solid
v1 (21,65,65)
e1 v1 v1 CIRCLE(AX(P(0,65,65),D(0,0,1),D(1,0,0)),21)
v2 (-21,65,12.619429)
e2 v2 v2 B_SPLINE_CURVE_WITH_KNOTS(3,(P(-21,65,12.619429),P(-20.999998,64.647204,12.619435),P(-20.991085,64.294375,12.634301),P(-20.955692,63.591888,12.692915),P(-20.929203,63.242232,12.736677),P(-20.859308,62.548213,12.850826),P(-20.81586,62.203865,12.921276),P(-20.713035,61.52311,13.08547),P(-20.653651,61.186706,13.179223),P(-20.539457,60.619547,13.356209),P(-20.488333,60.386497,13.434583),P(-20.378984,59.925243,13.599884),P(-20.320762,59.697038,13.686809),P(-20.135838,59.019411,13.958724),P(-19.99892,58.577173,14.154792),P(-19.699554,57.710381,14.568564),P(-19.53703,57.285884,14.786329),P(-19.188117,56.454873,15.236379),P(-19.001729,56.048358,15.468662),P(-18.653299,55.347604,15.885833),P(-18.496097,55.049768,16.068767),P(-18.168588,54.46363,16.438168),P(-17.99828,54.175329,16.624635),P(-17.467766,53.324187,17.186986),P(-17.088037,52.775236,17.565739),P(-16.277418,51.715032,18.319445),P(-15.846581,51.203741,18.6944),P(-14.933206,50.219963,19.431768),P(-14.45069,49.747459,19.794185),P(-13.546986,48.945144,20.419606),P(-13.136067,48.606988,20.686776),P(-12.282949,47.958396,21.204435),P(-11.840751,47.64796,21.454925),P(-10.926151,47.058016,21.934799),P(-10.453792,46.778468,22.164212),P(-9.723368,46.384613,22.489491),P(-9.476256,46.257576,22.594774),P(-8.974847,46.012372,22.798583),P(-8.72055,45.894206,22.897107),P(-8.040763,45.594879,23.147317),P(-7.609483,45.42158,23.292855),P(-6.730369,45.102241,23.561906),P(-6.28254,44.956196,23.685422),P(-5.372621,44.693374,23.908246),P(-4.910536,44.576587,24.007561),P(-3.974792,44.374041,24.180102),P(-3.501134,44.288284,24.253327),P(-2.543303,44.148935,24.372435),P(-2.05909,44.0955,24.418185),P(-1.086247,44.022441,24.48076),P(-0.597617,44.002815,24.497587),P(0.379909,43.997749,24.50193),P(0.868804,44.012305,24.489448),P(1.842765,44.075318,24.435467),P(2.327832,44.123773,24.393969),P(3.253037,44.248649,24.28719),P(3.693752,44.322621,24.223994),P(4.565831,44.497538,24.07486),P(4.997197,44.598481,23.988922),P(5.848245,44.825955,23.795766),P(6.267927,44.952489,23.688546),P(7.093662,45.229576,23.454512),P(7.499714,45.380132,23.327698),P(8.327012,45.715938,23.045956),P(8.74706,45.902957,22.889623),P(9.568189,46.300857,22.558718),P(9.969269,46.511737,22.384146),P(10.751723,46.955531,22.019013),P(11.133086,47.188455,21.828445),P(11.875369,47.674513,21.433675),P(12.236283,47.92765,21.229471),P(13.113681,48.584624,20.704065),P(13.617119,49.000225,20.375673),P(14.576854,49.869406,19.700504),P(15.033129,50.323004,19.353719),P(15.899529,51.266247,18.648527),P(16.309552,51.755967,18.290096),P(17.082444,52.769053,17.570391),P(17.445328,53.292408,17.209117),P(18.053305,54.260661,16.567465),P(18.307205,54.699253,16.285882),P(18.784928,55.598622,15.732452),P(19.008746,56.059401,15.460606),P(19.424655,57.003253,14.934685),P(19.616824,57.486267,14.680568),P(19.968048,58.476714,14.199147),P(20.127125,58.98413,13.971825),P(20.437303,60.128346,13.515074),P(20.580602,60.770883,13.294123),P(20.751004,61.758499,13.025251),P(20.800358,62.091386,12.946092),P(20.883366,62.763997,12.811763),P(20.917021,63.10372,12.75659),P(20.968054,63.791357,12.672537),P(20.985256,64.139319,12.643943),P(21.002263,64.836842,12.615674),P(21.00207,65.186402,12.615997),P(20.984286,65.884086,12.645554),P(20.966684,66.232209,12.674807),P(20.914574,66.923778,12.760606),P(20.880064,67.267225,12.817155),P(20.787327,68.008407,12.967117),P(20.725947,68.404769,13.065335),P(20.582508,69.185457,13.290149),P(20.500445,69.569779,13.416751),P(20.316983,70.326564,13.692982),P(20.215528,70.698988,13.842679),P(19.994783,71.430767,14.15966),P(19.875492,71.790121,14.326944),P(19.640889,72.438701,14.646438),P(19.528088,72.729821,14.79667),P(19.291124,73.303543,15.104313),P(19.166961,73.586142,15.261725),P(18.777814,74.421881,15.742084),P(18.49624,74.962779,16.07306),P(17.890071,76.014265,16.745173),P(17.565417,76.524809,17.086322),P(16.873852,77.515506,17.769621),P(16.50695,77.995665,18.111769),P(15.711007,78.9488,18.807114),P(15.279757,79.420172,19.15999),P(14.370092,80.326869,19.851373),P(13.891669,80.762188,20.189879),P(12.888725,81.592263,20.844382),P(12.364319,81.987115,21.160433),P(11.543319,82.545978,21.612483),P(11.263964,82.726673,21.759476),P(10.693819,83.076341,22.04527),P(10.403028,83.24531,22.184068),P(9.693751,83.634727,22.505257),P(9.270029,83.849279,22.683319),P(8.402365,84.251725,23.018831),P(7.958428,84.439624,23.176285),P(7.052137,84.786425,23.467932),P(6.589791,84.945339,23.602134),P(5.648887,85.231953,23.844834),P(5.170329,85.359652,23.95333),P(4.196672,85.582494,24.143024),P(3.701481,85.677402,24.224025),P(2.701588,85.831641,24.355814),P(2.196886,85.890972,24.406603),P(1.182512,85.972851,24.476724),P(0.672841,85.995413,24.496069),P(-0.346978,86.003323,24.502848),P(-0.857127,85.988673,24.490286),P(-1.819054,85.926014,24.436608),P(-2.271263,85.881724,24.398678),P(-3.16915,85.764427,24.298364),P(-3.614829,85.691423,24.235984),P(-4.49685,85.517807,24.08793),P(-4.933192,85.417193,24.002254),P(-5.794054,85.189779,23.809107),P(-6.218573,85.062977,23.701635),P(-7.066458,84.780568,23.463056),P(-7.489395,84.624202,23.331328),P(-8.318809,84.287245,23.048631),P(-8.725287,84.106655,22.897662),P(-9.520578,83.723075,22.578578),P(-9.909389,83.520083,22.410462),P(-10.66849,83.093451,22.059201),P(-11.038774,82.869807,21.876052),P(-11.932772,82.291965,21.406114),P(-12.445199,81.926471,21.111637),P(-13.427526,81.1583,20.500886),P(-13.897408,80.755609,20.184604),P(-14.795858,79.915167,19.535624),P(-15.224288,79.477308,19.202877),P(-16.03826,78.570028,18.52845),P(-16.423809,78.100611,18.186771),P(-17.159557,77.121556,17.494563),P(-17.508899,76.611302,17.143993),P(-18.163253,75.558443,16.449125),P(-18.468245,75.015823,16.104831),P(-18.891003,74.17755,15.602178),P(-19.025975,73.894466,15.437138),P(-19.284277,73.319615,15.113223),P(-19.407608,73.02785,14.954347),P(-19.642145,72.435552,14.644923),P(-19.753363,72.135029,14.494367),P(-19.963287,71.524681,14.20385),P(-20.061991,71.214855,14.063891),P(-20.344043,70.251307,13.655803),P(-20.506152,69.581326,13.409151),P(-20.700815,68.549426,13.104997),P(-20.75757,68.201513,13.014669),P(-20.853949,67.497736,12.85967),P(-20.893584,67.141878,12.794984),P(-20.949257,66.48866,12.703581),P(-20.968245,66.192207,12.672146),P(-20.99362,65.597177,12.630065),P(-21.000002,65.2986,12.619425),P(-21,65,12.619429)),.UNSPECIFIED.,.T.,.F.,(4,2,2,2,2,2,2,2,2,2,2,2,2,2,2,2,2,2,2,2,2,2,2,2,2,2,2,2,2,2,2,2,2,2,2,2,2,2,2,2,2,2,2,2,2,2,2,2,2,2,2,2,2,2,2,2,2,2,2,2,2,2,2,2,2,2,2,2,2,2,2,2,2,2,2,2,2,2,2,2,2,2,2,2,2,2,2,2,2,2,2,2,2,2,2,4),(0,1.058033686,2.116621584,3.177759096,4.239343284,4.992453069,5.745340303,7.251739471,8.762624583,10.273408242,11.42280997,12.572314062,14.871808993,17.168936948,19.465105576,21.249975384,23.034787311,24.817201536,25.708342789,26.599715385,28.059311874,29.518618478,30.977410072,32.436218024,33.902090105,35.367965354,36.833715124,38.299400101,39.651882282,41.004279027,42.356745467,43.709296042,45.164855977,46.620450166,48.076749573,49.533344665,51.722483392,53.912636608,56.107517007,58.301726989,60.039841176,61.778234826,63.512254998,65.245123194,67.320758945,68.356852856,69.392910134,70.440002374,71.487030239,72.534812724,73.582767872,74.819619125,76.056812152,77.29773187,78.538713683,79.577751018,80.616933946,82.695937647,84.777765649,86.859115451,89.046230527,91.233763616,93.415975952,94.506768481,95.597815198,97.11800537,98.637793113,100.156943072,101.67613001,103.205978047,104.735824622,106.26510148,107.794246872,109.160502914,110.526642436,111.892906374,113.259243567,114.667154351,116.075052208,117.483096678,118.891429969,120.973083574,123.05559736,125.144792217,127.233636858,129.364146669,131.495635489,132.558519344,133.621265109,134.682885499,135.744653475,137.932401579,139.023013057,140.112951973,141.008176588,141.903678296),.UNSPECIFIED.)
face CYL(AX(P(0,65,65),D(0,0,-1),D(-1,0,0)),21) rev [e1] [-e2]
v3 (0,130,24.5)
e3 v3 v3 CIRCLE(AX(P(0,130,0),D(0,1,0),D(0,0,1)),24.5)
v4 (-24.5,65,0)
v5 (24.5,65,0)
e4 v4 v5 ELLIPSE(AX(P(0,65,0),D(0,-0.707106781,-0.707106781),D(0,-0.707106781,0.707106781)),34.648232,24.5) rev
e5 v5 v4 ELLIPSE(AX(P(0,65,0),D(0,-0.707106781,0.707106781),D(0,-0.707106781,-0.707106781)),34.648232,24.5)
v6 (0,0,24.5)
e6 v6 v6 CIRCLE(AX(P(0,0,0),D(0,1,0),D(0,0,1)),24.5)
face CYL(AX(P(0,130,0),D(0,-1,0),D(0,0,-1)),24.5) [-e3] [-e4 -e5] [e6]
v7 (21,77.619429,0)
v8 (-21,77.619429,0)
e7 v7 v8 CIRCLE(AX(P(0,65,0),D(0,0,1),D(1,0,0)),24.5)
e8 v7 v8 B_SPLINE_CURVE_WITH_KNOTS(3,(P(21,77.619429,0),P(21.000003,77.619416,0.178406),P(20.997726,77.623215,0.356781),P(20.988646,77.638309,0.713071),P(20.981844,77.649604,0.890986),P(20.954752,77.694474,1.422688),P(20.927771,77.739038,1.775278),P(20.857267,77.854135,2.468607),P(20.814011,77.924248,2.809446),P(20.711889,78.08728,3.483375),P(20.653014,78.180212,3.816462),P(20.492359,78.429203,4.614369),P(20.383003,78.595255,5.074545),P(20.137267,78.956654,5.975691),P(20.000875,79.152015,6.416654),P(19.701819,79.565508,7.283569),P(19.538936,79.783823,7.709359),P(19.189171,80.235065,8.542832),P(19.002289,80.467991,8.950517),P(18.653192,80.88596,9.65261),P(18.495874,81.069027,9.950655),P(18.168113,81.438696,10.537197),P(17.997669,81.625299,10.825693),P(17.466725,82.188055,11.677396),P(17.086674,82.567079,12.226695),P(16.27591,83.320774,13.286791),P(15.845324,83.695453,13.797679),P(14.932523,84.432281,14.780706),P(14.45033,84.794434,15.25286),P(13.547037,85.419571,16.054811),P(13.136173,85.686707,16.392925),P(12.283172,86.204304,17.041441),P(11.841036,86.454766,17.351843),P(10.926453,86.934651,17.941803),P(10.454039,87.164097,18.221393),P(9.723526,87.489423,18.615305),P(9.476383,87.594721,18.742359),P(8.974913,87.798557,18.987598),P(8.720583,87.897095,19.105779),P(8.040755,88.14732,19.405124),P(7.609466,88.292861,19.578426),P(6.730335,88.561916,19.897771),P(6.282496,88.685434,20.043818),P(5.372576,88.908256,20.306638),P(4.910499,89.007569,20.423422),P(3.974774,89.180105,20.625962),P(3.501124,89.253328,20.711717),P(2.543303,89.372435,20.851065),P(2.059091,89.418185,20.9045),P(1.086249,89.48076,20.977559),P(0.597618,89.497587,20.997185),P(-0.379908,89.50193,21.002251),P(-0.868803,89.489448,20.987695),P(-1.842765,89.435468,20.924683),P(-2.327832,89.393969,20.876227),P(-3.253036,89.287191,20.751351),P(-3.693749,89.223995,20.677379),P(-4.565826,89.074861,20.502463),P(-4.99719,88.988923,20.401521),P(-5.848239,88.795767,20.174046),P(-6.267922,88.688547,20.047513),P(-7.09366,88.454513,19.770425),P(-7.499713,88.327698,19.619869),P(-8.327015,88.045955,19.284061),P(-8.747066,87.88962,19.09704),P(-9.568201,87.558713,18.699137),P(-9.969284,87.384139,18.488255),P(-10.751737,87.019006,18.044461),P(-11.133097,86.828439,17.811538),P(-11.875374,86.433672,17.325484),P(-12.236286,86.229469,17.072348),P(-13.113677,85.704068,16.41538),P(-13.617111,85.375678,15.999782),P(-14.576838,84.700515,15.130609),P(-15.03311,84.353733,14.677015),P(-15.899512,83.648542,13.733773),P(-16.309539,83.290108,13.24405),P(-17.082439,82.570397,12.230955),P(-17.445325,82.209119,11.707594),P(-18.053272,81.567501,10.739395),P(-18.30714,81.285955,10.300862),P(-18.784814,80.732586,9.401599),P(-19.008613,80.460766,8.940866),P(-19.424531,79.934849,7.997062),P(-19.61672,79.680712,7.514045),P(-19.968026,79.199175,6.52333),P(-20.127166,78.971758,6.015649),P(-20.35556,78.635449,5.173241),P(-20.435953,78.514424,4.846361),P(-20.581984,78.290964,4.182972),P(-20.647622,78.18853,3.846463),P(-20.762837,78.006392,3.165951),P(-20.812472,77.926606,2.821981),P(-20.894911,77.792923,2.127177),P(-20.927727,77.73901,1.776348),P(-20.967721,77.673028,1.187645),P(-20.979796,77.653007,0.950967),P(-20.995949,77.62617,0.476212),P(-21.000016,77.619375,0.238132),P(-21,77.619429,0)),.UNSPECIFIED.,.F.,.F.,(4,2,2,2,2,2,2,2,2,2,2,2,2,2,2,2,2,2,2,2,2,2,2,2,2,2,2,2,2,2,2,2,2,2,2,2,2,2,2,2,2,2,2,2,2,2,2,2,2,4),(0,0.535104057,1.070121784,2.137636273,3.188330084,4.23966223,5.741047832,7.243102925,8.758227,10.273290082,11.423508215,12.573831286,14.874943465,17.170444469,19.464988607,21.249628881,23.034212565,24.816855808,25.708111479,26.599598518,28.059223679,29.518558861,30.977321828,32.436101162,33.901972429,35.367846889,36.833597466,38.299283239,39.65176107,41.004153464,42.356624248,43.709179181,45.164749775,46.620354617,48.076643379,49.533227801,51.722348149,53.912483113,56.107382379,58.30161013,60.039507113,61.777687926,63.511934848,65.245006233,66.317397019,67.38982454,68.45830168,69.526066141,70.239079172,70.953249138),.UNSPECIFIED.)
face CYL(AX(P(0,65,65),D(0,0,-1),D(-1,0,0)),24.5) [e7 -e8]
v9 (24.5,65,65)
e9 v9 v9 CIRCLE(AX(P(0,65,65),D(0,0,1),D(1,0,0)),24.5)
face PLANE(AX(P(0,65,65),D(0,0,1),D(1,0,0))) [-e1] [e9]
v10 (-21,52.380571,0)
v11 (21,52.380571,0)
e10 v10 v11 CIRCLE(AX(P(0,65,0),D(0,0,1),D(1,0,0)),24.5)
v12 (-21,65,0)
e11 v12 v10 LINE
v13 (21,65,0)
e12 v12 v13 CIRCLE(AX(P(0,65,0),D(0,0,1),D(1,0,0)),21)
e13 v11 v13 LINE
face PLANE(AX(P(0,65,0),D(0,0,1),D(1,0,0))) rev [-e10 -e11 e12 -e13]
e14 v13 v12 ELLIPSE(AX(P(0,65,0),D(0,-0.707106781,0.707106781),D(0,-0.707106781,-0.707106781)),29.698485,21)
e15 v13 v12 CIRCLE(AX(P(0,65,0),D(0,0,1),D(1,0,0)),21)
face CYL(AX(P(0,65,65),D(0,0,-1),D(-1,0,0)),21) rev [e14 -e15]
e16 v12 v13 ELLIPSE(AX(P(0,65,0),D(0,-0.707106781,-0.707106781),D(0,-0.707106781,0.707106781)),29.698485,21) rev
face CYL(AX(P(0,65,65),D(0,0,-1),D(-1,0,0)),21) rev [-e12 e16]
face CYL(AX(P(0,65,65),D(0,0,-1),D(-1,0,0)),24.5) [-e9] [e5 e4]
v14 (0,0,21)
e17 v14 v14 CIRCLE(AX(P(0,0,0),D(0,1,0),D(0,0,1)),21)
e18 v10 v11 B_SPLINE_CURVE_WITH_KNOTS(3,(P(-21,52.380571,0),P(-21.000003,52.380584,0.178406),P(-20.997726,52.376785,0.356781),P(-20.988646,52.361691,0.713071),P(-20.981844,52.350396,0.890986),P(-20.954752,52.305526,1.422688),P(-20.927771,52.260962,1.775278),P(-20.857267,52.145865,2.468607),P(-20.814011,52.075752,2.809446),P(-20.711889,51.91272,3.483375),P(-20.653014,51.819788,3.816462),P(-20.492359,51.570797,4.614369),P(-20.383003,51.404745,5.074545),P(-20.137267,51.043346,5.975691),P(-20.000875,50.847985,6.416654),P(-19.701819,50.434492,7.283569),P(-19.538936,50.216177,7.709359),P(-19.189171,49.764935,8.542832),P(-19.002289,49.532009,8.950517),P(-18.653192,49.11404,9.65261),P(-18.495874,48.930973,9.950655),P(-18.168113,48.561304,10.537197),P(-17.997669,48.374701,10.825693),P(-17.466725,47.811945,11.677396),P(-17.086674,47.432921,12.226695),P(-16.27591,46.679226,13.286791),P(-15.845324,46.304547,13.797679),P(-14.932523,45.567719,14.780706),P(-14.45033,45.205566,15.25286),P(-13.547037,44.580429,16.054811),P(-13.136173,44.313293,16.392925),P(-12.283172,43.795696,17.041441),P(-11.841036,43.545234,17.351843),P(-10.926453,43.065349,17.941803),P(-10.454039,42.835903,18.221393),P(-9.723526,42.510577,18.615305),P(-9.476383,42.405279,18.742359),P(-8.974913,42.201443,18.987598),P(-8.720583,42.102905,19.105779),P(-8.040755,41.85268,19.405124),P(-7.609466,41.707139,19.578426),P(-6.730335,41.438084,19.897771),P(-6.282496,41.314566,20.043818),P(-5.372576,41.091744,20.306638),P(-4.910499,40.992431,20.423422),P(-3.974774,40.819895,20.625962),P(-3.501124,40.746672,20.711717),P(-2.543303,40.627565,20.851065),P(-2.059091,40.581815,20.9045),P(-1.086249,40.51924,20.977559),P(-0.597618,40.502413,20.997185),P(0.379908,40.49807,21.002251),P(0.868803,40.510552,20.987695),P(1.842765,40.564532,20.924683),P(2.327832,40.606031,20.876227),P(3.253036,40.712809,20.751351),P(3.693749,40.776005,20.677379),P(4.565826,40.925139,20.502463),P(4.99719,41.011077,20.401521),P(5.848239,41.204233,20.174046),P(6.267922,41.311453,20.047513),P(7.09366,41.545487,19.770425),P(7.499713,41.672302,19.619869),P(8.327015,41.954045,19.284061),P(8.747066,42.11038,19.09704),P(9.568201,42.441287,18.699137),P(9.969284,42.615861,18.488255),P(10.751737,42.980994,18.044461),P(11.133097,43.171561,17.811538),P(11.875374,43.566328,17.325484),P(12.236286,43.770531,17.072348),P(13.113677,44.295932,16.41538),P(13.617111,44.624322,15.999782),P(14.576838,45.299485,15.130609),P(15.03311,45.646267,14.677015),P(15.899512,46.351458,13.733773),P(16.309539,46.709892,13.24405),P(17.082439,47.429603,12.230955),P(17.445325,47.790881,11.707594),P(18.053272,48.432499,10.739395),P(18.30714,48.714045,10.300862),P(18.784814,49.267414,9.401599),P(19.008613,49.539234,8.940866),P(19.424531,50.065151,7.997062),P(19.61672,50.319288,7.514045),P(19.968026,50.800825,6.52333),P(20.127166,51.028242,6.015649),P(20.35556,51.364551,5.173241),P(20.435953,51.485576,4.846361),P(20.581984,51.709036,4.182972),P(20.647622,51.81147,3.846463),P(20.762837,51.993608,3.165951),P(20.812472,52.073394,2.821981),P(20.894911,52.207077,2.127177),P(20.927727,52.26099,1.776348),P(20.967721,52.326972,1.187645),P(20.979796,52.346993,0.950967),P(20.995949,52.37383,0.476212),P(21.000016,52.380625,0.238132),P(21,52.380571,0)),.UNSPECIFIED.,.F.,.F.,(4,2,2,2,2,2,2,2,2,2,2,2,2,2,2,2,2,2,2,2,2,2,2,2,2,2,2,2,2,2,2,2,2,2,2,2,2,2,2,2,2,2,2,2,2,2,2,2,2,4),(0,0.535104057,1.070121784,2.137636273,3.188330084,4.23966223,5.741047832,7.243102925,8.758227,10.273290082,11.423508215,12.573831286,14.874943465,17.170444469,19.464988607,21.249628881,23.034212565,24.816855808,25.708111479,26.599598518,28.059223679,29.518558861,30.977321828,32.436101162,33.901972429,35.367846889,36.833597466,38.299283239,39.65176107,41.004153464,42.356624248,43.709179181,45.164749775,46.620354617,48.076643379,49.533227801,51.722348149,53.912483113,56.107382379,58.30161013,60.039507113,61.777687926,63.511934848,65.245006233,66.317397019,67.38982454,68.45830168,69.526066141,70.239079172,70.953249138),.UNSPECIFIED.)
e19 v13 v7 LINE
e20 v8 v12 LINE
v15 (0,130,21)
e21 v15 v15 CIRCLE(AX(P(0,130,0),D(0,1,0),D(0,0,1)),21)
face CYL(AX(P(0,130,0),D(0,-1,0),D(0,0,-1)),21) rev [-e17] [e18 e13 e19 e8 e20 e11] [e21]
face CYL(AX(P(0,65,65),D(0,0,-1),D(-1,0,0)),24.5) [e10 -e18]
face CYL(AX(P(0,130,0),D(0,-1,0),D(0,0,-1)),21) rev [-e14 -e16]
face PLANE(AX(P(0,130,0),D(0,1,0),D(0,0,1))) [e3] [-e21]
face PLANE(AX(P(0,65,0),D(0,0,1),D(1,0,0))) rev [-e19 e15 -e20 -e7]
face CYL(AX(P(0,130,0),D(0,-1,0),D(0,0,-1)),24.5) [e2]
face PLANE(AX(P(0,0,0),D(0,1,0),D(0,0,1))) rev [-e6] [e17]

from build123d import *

# Parameters (mm, degrees)
SKETCH1_R           = 24.5
SKETCH1_R_2         = 21
BOSS_EXTRUDE1_DEPTH = 130
SKETCH3_R           = 24.5
SKETCH3_R_2         = 21
BOSS_EXTRUDE2_DEPTH = 65


with BuildPart() as part:
    # Sketch1 → Boss-Extrude1 (new body)
    with BuildSketch(Plane(origin=(0, 0, 0), x_dir=(1, 0, 0), z_dir=(0, 1, 0))):
        Circle(SKETCH1_R)
        Circle(SKETCH1_R_2, mode=Mode.SUBTRACT)
    extrude(amount=BOSS_EXTRUDE1_DEPTH)

    # Sketch3 → Boss-Extrude2 (add)
    with BuildSketch(Plane.XY):
        with Locations((0, 65)):
            Circle(SKETCH3_R)
        with Locations((0, 65)):
            Circle(SKETCH3_R_2, mode=Mode.SUBTRACT)
    extrude(amount=BOSS_EXTRUDE2_DEPTH)


solid = part.part
